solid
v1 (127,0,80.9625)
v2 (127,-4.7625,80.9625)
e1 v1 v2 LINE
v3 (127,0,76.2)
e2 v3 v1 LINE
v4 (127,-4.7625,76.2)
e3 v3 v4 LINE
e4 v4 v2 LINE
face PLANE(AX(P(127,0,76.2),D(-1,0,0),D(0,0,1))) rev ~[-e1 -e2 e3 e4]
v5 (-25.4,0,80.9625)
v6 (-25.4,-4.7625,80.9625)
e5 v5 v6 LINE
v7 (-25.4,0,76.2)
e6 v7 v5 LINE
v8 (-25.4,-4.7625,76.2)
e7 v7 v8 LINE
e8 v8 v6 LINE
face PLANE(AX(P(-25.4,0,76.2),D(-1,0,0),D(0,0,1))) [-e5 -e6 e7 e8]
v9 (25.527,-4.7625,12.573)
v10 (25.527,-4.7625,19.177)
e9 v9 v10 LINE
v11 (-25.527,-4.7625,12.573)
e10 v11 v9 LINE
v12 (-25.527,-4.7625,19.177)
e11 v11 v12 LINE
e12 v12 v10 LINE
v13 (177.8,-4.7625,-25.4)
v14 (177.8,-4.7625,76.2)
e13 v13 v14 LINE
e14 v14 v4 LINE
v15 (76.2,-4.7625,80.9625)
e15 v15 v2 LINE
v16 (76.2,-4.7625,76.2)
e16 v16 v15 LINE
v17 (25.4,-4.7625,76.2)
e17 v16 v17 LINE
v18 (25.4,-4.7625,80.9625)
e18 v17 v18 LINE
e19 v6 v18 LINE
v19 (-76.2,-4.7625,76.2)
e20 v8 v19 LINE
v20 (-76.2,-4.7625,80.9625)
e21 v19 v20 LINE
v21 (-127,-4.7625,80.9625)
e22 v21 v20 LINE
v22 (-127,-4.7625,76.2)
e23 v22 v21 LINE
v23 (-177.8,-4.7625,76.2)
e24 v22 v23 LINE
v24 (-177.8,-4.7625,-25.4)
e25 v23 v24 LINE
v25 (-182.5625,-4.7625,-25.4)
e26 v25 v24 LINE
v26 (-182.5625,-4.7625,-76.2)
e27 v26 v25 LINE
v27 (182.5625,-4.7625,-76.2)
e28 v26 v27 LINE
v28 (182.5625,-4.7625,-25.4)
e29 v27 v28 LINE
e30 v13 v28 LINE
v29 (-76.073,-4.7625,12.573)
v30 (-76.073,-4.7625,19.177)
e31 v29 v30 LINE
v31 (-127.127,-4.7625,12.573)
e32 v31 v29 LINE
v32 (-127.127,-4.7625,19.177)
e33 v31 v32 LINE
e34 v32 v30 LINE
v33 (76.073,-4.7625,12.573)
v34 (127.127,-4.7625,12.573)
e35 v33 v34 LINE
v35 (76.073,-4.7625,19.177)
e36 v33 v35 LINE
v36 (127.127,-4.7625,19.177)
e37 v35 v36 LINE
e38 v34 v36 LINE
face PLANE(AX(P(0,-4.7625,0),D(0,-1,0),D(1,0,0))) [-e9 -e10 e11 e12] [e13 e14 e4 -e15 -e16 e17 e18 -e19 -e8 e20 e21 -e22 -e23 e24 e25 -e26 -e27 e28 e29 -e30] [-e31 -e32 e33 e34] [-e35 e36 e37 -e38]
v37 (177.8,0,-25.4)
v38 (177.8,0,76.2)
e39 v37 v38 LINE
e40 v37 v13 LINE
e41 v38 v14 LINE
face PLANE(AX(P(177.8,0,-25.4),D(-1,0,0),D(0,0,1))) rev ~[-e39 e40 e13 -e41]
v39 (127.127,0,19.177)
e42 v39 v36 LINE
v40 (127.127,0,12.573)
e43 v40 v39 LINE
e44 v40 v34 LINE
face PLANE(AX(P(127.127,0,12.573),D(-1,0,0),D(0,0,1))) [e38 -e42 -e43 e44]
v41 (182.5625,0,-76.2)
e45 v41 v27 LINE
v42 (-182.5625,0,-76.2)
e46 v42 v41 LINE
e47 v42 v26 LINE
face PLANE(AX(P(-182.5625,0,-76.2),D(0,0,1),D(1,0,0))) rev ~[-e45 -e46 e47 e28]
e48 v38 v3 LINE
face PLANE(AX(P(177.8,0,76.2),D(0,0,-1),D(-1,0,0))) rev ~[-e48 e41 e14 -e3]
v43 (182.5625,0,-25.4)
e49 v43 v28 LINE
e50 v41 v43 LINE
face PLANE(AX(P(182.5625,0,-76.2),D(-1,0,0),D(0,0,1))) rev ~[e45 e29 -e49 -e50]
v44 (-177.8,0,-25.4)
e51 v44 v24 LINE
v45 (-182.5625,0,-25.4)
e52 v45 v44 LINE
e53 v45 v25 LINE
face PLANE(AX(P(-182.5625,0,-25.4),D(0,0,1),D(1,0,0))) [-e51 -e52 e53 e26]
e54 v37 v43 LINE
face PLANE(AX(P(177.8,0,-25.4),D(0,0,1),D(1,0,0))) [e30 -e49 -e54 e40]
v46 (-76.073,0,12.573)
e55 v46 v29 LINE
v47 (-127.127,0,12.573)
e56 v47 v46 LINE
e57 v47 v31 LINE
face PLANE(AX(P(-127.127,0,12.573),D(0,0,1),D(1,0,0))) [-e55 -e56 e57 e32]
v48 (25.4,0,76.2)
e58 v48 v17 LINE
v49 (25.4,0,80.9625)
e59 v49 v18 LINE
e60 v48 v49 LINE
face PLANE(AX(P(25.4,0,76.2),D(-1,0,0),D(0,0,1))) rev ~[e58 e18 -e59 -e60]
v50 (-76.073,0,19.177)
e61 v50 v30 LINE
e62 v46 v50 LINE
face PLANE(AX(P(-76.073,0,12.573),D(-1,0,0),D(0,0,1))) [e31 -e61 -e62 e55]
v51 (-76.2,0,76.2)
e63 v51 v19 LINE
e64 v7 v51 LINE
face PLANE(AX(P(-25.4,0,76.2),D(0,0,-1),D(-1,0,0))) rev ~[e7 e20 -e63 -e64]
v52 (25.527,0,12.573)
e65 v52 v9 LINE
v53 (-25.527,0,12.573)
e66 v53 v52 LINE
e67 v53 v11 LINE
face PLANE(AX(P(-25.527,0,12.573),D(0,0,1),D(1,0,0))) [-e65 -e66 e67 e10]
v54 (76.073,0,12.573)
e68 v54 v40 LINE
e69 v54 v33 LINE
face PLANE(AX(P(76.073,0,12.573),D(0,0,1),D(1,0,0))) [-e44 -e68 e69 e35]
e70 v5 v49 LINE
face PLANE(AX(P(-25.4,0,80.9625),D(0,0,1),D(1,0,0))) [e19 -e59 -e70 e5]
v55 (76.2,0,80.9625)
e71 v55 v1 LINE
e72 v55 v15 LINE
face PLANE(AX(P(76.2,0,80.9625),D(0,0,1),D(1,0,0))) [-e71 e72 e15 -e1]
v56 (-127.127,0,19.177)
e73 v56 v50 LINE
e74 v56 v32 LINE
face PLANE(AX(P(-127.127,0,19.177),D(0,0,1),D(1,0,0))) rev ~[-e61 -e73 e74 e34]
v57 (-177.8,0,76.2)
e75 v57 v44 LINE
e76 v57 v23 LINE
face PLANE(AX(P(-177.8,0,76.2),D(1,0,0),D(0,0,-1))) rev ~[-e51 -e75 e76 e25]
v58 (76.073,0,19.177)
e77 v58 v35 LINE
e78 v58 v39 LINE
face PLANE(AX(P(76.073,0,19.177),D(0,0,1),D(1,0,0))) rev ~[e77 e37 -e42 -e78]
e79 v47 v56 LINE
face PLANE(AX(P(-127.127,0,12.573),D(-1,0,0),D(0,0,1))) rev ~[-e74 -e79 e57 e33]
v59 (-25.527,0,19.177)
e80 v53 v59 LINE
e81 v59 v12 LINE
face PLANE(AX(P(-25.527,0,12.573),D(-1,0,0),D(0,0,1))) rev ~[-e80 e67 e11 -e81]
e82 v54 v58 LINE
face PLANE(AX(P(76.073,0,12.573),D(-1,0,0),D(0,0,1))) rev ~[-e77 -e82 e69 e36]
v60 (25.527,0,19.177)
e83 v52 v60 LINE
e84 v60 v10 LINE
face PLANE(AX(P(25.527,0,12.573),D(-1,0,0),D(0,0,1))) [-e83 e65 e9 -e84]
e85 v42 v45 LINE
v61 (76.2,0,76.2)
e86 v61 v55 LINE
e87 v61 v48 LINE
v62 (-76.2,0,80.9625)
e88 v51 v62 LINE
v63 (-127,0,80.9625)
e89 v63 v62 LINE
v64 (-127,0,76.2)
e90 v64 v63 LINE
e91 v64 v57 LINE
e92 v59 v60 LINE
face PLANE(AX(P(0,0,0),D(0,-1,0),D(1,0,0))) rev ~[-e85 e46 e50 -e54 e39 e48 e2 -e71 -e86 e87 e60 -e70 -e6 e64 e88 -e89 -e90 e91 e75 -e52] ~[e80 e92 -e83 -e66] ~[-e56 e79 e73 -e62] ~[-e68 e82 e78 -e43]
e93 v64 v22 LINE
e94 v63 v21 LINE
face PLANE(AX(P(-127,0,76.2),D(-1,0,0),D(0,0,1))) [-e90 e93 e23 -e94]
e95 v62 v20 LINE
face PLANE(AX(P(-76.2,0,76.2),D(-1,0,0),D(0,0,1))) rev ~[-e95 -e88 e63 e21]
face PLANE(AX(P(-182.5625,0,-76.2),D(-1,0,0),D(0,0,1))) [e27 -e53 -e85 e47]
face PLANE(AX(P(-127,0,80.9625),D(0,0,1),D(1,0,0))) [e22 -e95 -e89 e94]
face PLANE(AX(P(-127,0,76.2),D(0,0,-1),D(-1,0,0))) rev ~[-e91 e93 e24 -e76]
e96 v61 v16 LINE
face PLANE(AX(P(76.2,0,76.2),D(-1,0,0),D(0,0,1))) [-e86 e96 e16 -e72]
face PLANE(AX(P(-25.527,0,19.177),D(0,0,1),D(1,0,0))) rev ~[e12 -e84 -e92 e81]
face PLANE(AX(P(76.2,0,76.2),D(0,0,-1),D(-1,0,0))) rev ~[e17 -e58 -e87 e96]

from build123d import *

# Parameters (mm, degrees)
F0_W     = 51.054
F0_H     = 6.604
F0_W_2   = 4.7625
F0_H_2   = 50.8
F0_W_3   = 50.8
F0_H_3   = 4.7625
F1_DEPTH = 4.7625


with BuildPart() as f1:
    # F0 (on Front) → F1 (new body)
    with BuildSketch(Plane.XZ):
        Polygon((-127, 76.2), (-177.8, 76.2), (-177.8, -25.4), (-177.8, -76.2), (177.8, -76.2), (177.8, -25.4), (177.8, 76.2), (127, 76.2), (76.2, 76.2), (25.4, 76.2), (-25.4, 76.2), (-76.2, 76.2), align=None)
        with Locations((-101.6, 15.875)):
            Rectangle(F0_W, F0_H, mode=Mode.SUBTRACT)
        with Locations((0, 15.875)):
            Rectangle(F0_W, F0_H, mode=Mode.SUBTRACT)
        with Locations((101.6, 15.875)):
            Rectangle(F0_W, F0_H, mode=Mode.SUBTRACT)
        with Locations((180.18125, -50.8)):
            Rectangle(F0_W_2, F0_H_2)
        with Locations((-180.18125, -50.8)):
            Rectangle(F0_W_2, F0_H_2)
        with Locations((-101.6, 78.58125)):
            Rectangle(F0_W_3, F0_H_3)
        with Locations((0, 78.58125)):
            Rectangle(F0_W_3, F0_H_3)
        with Locations((101.6, 78.58125)):
            Rectangle(F0_W_3, F0_H_3)
    extrude(amount=F1_DEPTH)


solid = f1.part
